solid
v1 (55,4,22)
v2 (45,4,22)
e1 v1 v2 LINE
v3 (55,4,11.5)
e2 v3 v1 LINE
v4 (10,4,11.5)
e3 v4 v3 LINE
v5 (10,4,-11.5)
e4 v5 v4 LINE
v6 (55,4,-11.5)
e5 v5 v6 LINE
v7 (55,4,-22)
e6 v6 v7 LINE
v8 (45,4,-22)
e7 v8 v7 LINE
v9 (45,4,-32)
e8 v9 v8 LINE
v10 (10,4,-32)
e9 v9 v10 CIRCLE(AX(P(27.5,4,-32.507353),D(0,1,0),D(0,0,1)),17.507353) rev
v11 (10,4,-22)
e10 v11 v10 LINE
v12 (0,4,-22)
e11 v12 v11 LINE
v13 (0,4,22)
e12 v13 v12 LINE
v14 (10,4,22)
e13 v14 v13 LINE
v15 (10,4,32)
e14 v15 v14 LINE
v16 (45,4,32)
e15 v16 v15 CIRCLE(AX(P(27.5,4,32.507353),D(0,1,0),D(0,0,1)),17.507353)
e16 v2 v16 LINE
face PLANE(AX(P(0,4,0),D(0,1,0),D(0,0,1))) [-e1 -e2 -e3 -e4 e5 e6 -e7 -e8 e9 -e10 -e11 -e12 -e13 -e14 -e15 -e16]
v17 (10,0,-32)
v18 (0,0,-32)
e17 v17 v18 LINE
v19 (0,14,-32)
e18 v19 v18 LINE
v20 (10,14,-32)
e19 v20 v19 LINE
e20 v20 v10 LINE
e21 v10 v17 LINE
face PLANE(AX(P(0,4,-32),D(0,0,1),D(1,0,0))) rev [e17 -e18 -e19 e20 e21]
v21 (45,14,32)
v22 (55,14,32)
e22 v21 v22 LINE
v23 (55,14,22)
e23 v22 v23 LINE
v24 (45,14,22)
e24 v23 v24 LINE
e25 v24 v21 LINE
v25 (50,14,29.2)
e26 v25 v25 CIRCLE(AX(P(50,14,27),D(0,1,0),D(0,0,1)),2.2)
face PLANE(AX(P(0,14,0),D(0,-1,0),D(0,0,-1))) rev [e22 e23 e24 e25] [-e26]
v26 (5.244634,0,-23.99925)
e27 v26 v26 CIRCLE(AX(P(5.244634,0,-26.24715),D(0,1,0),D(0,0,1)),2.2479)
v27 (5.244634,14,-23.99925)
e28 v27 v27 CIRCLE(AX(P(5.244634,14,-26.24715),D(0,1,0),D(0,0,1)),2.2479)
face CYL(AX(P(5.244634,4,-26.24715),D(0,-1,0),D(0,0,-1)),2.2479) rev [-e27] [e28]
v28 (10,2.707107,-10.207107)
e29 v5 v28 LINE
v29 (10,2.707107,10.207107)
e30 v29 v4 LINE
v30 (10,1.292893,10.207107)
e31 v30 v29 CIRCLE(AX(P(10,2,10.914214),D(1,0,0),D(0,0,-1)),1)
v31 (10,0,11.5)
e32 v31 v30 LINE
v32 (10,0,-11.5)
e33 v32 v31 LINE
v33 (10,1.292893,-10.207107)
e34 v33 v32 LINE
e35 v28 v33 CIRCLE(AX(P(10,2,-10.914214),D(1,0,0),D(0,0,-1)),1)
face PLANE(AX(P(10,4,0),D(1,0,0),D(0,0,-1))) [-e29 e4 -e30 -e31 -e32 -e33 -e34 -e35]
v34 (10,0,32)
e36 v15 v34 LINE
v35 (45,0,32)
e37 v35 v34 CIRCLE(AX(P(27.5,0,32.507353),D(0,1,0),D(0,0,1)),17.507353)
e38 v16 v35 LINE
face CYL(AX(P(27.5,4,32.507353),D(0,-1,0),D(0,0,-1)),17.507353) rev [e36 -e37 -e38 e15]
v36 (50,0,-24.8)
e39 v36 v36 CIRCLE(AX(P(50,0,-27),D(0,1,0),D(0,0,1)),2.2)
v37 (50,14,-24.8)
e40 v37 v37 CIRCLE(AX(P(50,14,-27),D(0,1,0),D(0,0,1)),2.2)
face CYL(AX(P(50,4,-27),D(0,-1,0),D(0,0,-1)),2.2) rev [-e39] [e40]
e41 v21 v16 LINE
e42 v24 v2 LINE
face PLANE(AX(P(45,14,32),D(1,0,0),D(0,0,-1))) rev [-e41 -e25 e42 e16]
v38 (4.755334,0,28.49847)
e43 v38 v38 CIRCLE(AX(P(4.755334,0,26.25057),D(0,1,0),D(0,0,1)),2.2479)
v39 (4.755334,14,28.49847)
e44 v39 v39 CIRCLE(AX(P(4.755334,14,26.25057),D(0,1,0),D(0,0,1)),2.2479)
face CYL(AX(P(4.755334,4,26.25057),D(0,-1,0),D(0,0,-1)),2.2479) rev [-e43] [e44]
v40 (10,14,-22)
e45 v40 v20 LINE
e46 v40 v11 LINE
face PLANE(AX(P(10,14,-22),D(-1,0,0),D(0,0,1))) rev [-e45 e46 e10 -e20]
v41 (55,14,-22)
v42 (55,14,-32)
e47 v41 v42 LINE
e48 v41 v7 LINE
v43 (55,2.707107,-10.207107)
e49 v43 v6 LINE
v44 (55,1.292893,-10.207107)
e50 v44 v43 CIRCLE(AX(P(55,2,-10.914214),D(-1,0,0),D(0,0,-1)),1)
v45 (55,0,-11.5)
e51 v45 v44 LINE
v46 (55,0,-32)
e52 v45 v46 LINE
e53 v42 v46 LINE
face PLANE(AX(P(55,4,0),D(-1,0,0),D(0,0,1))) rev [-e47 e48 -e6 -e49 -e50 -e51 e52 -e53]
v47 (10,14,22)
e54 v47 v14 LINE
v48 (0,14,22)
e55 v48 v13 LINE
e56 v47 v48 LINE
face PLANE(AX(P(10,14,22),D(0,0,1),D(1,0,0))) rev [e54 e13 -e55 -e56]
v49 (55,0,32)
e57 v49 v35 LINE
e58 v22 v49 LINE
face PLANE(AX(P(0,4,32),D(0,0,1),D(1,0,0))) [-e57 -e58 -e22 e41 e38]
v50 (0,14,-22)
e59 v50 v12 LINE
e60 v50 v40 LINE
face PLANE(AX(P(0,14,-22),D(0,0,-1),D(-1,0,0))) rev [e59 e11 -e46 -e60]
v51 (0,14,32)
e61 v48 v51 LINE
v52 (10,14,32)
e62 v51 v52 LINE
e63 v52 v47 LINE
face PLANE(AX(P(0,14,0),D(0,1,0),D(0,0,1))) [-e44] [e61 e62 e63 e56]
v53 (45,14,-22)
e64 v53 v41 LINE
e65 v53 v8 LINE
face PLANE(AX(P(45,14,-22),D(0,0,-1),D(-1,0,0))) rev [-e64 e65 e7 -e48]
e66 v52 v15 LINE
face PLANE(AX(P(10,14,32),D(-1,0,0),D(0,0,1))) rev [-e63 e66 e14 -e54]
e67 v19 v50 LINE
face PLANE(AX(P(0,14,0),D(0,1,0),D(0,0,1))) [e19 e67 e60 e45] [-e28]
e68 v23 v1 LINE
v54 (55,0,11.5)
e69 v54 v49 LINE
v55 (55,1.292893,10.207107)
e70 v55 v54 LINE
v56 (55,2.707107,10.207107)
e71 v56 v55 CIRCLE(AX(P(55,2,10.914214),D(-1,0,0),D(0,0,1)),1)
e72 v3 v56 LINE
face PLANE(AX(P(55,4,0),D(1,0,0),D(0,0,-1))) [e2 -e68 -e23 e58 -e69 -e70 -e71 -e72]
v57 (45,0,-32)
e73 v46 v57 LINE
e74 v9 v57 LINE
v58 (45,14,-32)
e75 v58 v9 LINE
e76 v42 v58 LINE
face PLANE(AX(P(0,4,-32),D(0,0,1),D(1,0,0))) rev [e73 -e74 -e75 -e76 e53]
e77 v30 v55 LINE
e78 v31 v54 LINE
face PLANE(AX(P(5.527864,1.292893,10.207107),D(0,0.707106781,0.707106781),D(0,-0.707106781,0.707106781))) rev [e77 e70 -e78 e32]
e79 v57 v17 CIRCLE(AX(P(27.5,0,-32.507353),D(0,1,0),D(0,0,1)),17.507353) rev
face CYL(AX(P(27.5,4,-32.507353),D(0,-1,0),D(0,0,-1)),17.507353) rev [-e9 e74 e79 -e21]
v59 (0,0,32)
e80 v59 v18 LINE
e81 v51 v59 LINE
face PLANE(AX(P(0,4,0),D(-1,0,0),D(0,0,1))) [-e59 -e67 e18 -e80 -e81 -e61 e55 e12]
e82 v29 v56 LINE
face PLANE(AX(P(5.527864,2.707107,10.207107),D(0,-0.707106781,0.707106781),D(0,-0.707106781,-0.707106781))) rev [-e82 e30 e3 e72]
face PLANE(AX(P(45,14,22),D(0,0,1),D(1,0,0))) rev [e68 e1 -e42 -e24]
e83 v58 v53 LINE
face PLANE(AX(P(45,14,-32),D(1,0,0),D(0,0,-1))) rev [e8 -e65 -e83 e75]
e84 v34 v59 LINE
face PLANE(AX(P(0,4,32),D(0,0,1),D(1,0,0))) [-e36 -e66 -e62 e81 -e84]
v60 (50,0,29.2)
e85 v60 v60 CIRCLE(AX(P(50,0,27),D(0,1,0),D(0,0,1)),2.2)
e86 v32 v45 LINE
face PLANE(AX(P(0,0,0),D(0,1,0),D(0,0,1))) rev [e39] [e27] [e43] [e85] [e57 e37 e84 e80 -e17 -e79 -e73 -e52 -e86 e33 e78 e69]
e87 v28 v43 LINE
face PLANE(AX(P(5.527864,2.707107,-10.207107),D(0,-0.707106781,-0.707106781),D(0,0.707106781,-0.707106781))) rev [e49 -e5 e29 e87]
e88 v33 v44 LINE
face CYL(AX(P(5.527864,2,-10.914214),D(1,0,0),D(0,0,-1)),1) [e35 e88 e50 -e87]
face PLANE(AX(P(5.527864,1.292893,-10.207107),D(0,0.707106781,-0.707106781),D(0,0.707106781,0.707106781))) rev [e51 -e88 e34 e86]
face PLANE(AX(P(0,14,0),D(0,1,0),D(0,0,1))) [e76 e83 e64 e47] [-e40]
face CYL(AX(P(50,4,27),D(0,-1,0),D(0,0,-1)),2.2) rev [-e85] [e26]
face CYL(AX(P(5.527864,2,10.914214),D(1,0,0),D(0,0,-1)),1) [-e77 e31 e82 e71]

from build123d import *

# Parameters (mm, degrees)
SKETCH1_R           = 2.2479
SKETCH1_R_2         = 2.2
EXTRUDE_BODY_DEPTH  = 4
SKETCH5_W           = 10
SKETCH5_H           = 10
SKETCH5_R           = 2.2
SKETCH5_R_2         = 2.2479
EXTRUDE_LEGS_DEPTH  = 10
SKETCH6_W           = 45
SKETCH6_H           = 0.5
BOSS_EXTRUDE1_DEPTH = 4
CUT_EXTRUDE1_DEPTH  = 45


with BuildPart() as part:
    # Sketch1 → Extrude-Body (new body)
    with BuildSketch(Plane(origin=(0, 0, 0), x_dir=(1, 0, 0), z_dir=(0, 1, 0))):
        with BuildLine():
            Line((10, -10), (10, 10))
            Line((10, 10), (45, 10))
            Line((45, 10), (55, 10))
            Line((55, 10), (55, 20))
            Line((55, 20), (55, 32))
            Line((55, 32), (45, 32))
            ThreePointArc((45, 32), (27.5, 15), (10, 32))
            Line((10, 32), (0, 32))
            Line((0, 32), (0, 20))
            Line((0, 20), (0, -20))
            Line((0, -20), (0, -32))
            Line((0, -32), (10, -32))
            ThreePointArc((10, -32), (27.5, -15), (45, -32))
            Line((45, -32), (55, -32))
            Line((55, -32), (55, -20))
            Line((55, -20), (55, -10))
            Line((55, -10), (45, -10))
            Line((45, -10), (10, -10))
        make_face()
        with Locations(Location((4.755333622, -26.250570114, 0), (0, 0, 270))):
            Circle(SKETCH1_R, mode=Mode.SUBTRACT)
        with Locations(Location((50, -27, 0), (0, 0, 270))):
            Circle(SKETCH1_R_2, mode=Mode.SUBTRACT)
        with Locations(Location((5.244634233, 26.247149693, 0), (0, 0, 270))):
            Circle(SKETCH1_R, mode=Mode.SUBTRACT)
        with Locations(Location((50, 27, 0), (0, 0, 270))):
            Circle(SKETCH1_R_2, mode=Mode.SUBTRACT)
    extrude(amount=EXTRUDE_BODY_DEPTH)

    # Sketch5 → Extrude-Legs (add)
    # profile 1 of 4: a face of its own
    with BuildSketch(Plane(origin=(0, 4, 0), x_dir=(1, 0, 0), z_dir=(0, 1, 0))):
        with Locations((50, -27)):
            Rectangle(SKETCH5_W, SKETCH5_H)
        with Locations(Location((50, -27, 0), (0, 0, 270))):
            Circle(SKETCH5_R, mode=Mode.SUBTRACT)
    # profile 2 of 4: a face of its own
    with BuildSketch(Plane(origin=(0, 4, 0), x_dir=(1, 0, 0), z_dir=(0, 1, 0))):
        with Locations((50, 27)):
            Rectangle(SKETCH5_W, SKETCH5_H)
        with Locations(Location((50, 27, 0), (0, 0, 270))):
            Circle(SKETCH5_R, mode=Mode.SUBTRACT)
    # profile 3 of 4: a face of its own
    with BuildSketch(Plane(origin=(0, 4, 0), x_dir=(1, 0, 0), z_dir=(0, 1, 0))):
        with Locations((5, 27)):
            Rectangle(SKETCH5_W, SKETCH5_H)
        with Locations(Location((5.244634233, 26.247149693, 0), (0, 0, 270))):
            Circle(SKETCH5_R_2, mode=Mode.SUBTRACT)
    # profile 4 of 4: a face of its own
    with BuildSketch(Plane(origin=(0, 4, 0), x_dir=(1, 0, 0), z_dir=(0, 1, 0))):
        with Locations((5, -27)):
            Rectangle(SKETCH5_W, SKETCH5_H)
        with Locations(Location((4.755333622, -26.250570114, 0), (0, 0, 270))):
            Circle(SKETCH5_R_2, mode=Mode.SUBTRACT)
    extrude(amount=EXTRUDE_LEGS_DEPTH)

    # Sketch6 → Boss-Extrude1 (add)
    with BuildSketch(Plane(origin=(0, 4, 0), x_dir=(1, 0, 0), z_dir=(0, 1, 0))):
        with Locations((32.5, -9.75)):
            Rectangle(SKETCH6_W, SKETCH6_H)
        with Locations((32.5, 9.75)):
            Rectangle(SKETCH6_W, SKETCH6_H)
    extrude(amount=-BOSS_EXTRUDE1_DEPTH)

    # Sketch7 → Cut-Extrude1 (cut)
    with BuildSketch(Plane(origin=(55, 0, 0), x_dir=(0, 0, -1), z_dir=(1, 0, 0))):
        with BuildLine():
            Line((-10.207106781, 2.707106781), (-11.5, 4))
            Line((-11.5, 4), (-9.5, 4))
            Line((-9.5, 4), (-9.5, 0))
            Line((-9.5, 0), (-11.5, 0))
            Line((-11.5, 0), (-10.207106781, 1.292893219))
            ThreePointArc((-10.207106781, 1.292893219), (-9.914213562, 2), (-10.207106781, 2.707106781))
        make_face()
        with BuildLine():
            Line((10.207106781, 2.707106781), (11.5, 4))
            Line((11.5, 4), (9.5, 4))
            Line((9.5, 4), (9.5, 0))
            Line((9.5, 0), (11.5, 0))
            Line((11.5, 0), (10.207106781, 1.292893219))
            ThreePointArc((10.207106781, 1.292893219), (9.914213562, 2), (10.207106781, 2.707106781))
        make_face()
    extrude(amount=-CUT_EXTRUDE1_DEPTH, mode=Mode.SUBTRACT)


solid = part.part
